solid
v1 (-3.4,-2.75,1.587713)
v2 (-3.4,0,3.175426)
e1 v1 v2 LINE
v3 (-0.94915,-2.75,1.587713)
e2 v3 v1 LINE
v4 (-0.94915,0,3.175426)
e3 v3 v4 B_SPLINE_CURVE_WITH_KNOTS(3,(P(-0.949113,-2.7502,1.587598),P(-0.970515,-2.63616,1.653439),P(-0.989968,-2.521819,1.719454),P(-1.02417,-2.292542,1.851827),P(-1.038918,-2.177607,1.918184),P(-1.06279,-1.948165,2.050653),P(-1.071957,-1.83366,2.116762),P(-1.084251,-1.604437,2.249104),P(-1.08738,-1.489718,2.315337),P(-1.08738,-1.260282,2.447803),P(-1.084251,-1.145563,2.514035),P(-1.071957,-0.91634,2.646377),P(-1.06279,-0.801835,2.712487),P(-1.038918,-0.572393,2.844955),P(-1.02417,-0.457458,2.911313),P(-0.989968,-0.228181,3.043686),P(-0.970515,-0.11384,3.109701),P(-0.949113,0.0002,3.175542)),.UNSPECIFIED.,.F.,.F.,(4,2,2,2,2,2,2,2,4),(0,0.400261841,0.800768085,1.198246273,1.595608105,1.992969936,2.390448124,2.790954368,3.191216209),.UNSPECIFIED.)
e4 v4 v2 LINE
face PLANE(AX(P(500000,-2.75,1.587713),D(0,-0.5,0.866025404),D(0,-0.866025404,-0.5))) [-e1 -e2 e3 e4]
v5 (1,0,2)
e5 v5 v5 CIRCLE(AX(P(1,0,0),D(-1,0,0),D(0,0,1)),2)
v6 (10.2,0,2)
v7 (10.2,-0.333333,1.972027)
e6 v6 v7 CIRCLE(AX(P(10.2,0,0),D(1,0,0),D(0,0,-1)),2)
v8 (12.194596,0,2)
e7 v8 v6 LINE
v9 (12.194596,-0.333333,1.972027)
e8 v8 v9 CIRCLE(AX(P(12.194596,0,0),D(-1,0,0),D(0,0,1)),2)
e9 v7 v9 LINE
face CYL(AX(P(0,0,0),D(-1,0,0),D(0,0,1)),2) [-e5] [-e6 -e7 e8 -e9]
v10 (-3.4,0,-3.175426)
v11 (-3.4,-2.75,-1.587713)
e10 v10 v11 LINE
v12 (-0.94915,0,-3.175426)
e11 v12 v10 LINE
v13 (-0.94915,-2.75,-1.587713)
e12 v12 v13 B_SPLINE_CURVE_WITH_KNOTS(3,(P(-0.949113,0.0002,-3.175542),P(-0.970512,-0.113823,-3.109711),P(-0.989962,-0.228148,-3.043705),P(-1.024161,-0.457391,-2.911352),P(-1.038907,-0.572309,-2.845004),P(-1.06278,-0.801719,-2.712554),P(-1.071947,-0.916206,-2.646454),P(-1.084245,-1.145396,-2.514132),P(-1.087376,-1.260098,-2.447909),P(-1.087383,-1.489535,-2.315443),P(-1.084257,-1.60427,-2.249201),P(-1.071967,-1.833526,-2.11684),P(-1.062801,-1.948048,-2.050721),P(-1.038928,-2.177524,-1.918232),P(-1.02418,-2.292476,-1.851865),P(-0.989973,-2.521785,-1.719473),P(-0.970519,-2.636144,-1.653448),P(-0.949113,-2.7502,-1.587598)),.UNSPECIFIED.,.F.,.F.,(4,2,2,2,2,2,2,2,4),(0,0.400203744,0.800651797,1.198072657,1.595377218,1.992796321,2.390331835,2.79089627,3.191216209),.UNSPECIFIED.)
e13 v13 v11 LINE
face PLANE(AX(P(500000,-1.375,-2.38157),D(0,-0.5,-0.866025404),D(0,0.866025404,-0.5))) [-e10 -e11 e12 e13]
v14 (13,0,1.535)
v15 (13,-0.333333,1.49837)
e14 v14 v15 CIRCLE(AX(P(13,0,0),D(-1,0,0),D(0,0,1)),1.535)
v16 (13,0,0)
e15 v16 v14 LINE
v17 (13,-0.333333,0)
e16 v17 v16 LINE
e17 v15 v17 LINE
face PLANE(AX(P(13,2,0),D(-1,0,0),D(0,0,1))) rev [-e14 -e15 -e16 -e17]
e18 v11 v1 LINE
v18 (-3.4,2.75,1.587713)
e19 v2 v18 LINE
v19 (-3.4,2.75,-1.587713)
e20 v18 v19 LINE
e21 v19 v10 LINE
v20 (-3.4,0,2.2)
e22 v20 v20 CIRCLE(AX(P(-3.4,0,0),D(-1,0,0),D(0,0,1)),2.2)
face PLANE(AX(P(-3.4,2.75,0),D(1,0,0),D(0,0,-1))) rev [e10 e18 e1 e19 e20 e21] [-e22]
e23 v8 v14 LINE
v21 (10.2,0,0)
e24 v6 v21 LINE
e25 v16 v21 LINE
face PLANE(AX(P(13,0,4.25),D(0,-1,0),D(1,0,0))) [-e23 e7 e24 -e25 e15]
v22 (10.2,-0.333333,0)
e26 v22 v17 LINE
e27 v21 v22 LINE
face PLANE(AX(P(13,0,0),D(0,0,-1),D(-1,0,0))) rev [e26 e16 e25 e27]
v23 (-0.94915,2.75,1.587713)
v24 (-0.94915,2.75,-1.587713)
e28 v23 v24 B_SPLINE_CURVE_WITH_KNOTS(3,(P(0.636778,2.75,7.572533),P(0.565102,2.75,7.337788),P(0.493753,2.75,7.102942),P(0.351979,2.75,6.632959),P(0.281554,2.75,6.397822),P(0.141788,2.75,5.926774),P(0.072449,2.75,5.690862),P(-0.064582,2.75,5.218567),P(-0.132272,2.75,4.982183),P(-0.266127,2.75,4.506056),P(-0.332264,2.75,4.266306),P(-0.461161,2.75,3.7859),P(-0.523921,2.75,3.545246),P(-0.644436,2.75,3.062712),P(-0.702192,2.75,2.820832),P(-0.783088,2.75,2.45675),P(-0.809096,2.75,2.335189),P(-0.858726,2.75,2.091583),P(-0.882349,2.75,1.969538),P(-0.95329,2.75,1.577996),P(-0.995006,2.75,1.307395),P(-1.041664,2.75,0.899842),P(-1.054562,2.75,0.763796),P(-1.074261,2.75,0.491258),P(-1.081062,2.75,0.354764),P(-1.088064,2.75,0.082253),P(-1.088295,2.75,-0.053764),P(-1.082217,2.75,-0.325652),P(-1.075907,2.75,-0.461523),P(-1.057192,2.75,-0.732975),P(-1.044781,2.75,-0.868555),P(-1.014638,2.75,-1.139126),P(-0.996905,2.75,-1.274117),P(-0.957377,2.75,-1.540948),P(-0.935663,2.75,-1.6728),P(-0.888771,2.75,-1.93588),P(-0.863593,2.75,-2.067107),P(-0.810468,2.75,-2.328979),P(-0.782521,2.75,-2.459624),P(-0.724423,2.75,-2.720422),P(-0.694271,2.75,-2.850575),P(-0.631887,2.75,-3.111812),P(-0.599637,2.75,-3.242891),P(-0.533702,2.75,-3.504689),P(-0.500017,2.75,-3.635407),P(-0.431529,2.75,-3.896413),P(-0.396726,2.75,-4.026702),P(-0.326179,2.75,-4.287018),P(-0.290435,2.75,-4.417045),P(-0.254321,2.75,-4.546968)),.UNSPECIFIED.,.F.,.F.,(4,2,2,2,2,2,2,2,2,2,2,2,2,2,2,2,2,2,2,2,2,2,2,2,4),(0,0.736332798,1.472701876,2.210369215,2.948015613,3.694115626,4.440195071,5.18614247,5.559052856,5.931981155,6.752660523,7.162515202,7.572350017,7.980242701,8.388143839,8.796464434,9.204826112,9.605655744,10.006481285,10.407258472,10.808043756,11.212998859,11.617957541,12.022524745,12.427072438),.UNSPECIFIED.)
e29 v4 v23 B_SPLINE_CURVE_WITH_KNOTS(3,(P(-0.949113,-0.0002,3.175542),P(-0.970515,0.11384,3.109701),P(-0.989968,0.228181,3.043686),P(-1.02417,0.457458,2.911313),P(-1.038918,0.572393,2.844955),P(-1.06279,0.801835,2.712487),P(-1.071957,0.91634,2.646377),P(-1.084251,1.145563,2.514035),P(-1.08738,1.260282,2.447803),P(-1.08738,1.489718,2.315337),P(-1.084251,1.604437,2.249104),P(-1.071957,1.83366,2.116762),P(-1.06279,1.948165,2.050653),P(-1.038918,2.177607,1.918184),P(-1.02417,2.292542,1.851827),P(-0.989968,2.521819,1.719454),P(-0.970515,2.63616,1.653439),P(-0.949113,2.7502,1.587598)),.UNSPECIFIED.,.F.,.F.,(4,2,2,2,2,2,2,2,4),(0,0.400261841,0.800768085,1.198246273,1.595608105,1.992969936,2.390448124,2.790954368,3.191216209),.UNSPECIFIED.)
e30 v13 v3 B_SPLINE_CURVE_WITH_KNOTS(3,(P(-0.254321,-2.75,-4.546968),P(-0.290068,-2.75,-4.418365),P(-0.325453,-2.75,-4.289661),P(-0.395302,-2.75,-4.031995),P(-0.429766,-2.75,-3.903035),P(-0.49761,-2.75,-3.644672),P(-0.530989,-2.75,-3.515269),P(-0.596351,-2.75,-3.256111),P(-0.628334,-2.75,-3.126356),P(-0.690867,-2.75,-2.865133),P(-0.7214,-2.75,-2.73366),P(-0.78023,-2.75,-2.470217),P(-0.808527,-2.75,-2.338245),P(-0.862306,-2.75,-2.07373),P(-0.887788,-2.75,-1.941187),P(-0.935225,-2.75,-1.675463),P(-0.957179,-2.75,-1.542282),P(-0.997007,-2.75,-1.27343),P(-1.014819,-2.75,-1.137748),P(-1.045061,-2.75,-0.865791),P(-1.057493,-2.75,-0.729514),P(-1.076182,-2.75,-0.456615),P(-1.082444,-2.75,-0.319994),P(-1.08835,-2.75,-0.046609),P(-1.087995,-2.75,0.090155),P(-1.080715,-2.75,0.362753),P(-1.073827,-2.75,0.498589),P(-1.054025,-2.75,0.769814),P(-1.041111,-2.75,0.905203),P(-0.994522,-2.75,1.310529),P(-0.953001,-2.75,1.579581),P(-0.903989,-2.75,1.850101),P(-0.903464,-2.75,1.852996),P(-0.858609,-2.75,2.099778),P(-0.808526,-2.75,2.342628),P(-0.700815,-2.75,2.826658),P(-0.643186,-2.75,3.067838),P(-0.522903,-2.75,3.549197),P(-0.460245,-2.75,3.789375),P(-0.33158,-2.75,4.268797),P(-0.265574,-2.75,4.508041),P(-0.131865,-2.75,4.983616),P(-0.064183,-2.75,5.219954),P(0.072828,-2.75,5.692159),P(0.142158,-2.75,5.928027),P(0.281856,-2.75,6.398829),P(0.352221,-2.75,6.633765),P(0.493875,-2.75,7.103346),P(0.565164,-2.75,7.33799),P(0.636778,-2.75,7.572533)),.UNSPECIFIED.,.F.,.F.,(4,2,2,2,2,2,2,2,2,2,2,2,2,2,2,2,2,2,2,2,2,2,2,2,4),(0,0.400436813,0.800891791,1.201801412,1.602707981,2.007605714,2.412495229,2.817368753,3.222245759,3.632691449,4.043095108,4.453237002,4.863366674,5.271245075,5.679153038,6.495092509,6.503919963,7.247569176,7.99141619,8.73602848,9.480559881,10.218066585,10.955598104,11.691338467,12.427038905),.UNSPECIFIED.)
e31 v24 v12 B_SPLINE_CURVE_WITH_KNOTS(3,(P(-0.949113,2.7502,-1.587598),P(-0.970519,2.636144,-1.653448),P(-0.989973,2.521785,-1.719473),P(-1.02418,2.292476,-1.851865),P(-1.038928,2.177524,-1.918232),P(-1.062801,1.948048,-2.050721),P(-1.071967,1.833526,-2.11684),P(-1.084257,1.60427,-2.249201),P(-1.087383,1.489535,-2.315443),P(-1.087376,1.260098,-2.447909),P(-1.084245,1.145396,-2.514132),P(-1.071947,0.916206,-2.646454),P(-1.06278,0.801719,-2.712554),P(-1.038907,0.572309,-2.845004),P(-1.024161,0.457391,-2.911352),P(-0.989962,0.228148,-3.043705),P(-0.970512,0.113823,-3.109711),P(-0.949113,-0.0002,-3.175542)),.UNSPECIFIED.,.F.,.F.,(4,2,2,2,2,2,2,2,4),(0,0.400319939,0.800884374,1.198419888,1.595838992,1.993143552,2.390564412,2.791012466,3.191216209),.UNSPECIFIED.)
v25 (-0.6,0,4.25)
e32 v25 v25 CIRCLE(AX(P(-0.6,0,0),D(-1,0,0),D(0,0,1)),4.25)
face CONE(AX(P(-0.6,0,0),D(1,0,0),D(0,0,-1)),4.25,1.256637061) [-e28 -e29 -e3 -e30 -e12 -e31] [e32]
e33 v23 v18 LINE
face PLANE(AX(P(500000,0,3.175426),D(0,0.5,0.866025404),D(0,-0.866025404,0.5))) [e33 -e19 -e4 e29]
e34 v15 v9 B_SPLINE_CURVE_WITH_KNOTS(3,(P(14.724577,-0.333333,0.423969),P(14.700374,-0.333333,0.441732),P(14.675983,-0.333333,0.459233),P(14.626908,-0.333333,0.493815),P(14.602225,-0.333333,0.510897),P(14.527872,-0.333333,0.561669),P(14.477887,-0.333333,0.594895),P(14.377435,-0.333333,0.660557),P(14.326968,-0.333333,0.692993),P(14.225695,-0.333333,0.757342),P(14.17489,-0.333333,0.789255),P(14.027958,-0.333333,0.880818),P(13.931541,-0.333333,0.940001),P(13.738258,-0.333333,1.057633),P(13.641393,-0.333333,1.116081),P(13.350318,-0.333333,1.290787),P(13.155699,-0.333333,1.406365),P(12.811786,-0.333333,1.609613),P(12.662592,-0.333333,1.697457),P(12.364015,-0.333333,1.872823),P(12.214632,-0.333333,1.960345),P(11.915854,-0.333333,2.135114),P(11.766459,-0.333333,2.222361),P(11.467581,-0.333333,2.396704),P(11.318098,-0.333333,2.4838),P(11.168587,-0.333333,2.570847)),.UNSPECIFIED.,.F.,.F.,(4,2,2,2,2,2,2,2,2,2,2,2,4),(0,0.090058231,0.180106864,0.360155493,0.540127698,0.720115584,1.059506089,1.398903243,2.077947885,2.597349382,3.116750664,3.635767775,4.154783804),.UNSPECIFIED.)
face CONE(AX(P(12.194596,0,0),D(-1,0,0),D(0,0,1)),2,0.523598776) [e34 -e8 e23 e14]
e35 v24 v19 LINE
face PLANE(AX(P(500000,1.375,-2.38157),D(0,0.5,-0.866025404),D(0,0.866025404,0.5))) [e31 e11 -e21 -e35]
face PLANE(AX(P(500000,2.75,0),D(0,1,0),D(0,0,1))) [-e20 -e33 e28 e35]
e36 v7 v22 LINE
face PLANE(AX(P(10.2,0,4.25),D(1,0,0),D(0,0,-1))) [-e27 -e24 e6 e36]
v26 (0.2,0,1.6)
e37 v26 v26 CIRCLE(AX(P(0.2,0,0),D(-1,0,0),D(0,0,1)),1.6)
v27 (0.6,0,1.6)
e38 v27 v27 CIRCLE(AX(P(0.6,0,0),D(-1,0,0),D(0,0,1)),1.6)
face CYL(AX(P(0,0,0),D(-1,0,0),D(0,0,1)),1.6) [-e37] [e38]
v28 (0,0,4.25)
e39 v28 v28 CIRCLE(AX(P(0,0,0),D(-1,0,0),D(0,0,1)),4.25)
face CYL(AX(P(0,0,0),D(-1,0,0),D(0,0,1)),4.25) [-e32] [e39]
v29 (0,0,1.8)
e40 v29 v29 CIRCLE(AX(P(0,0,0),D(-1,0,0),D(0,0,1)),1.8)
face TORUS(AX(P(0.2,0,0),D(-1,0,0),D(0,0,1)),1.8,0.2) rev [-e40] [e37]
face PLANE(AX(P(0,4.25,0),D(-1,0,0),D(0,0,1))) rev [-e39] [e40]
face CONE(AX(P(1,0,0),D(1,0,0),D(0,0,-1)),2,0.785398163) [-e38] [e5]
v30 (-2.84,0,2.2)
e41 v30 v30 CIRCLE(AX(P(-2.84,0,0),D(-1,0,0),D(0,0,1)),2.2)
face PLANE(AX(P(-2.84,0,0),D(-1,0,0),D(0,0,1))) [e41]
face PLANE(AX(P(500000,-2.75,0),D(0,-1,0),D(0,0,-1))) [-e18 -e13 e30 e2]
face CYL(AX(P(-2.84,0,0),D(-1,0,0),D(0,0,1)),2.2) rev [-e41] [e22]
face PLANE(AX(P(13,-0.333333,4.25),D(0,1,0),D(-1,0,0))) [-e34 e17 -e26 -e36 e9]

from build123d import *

# Parameters (mm, degrees)
EXTRUDE1_REACH           = 19.467
SKETCH11_W               = 2.8
SKETCH11_H               = 0.333333333
POINT_CUT_EXTRUDE8_DEPTH = 15.322185587
SKETCH16_R               = 2.2
CUT_EXTRUDE1_DEPTH       = 0.56


with BuildPart() as part:
    # Sketch1 → base-Revolve (revolve)
    with BuildSketch(Plane.XY, mode=Mode.PRIVATE) as base_revolve_sk:
        with BuildLine():
            Line((0, 4.25), (-0.6, 4.25))
            Line((-0.6, 4.25), (-1.087379544, 2.75))
            Line((-1.087379544, 2.75), (-3.4, 2.75))
            Line((-3.4, 2.75), (-3.4, 0))
            Line((-3.4, 0), (-2.84, 0))
            Line((-2.84, 0), (0, 0))
            Line((0, 0), (13, 0))
            Line((13, 0), (13, 2))
            Line((13, 2), (1, 2))
            Line((1, 2), (0.6, 1.6))
            Line((0.6, 1.6), (0.2, 1.6))
            ThreePointArc((0.2, 1.6), (0.058578644, 1.658578644), (0, 1.8))
            Line((0, 1.8), (0, 4.25))
        make_face()
    revolve(base_revolve_sk.sketch.rotate(Axis((0, 0, 0), (1, 0, 0)), 90), axis=Axis((0, 0, 0), (1, 0, 0)))

    # Extrude1: up to this cone (the profile starts outside it)
    extrude1_end = Plane(origin=(-3.4, 0, 0), z_dir=(1, 0, 0)).offset(1.419092291) * Cone(3.078e-06, 57.084593283, 18.547907709, align=(Align.CENTER, Align.CENTER, Align.MIN), mode=Mode.PRIVATE)
    # Sketch15 → Extrude1 (add, up to the surface)
    with BuildSketch(Plane.ZY.offset(3.4), mode=Mode.PRIVATE) as extrude1_sk1:
        Polygon((-1.58771324, 2.75), (-3.175426481, 0), (-1.58771324, -2.75), (1.58771324, -2.75), (3.175426481, 0), (1.58771324, 2.75), align=None)
    extrude1_tool1 = extrude(extrude1_sk1.sketch, amount=-EXTRUDE1_REACH, mode=Mode.PRIVATE) - extrude1_end
    add(extrude1_tool1.solids().sort_by_distance((-3.4, 0, 0))[0])

    # Sketch8 → point_Cut-Revolve1 (revolve, cut)
    with BuildSketch(Plane.XY, mode=Mode.PRIVATE) as point_cut_revolve1_sk:
        Polygon((13, 0), (13.508, 0), (13.508, 2.508), (12.194596374, 2.508), (12.194596374, 2), (13, 1.535), align=None)
    revolve(point_cut_revolve1_sk.sketch.rotate(Axis((0, 0, 0), (1, 0, 0)), 90), axis=Axis((0, 0, 0), (1, 0, 0)), mode=Mode.SUBTRACT)

    # Sketch11 → point_Cut-Extrude8 (cut, through all)
    with BuildSketch(Plane.XY):
        with Locations((11.6, -0.166666667)):
            Rectangle(SKETCH11_W, SKETCH11_H)
    extrude(amount=POINT_CUT_EXTRUDE8_DEPTH, mode=Mode.SUBTRACT)

    # Sketch16 → Cut-Extrude1 (cut)
    with BuildSketch(Plane.ZY.offset(3.4)):
        Circle(SKETCH16_R)
    extrude(amount=-CUT_EXTRUDE1_DEPTH, mode=Mode.SUBTRACT)


solid = part.part
